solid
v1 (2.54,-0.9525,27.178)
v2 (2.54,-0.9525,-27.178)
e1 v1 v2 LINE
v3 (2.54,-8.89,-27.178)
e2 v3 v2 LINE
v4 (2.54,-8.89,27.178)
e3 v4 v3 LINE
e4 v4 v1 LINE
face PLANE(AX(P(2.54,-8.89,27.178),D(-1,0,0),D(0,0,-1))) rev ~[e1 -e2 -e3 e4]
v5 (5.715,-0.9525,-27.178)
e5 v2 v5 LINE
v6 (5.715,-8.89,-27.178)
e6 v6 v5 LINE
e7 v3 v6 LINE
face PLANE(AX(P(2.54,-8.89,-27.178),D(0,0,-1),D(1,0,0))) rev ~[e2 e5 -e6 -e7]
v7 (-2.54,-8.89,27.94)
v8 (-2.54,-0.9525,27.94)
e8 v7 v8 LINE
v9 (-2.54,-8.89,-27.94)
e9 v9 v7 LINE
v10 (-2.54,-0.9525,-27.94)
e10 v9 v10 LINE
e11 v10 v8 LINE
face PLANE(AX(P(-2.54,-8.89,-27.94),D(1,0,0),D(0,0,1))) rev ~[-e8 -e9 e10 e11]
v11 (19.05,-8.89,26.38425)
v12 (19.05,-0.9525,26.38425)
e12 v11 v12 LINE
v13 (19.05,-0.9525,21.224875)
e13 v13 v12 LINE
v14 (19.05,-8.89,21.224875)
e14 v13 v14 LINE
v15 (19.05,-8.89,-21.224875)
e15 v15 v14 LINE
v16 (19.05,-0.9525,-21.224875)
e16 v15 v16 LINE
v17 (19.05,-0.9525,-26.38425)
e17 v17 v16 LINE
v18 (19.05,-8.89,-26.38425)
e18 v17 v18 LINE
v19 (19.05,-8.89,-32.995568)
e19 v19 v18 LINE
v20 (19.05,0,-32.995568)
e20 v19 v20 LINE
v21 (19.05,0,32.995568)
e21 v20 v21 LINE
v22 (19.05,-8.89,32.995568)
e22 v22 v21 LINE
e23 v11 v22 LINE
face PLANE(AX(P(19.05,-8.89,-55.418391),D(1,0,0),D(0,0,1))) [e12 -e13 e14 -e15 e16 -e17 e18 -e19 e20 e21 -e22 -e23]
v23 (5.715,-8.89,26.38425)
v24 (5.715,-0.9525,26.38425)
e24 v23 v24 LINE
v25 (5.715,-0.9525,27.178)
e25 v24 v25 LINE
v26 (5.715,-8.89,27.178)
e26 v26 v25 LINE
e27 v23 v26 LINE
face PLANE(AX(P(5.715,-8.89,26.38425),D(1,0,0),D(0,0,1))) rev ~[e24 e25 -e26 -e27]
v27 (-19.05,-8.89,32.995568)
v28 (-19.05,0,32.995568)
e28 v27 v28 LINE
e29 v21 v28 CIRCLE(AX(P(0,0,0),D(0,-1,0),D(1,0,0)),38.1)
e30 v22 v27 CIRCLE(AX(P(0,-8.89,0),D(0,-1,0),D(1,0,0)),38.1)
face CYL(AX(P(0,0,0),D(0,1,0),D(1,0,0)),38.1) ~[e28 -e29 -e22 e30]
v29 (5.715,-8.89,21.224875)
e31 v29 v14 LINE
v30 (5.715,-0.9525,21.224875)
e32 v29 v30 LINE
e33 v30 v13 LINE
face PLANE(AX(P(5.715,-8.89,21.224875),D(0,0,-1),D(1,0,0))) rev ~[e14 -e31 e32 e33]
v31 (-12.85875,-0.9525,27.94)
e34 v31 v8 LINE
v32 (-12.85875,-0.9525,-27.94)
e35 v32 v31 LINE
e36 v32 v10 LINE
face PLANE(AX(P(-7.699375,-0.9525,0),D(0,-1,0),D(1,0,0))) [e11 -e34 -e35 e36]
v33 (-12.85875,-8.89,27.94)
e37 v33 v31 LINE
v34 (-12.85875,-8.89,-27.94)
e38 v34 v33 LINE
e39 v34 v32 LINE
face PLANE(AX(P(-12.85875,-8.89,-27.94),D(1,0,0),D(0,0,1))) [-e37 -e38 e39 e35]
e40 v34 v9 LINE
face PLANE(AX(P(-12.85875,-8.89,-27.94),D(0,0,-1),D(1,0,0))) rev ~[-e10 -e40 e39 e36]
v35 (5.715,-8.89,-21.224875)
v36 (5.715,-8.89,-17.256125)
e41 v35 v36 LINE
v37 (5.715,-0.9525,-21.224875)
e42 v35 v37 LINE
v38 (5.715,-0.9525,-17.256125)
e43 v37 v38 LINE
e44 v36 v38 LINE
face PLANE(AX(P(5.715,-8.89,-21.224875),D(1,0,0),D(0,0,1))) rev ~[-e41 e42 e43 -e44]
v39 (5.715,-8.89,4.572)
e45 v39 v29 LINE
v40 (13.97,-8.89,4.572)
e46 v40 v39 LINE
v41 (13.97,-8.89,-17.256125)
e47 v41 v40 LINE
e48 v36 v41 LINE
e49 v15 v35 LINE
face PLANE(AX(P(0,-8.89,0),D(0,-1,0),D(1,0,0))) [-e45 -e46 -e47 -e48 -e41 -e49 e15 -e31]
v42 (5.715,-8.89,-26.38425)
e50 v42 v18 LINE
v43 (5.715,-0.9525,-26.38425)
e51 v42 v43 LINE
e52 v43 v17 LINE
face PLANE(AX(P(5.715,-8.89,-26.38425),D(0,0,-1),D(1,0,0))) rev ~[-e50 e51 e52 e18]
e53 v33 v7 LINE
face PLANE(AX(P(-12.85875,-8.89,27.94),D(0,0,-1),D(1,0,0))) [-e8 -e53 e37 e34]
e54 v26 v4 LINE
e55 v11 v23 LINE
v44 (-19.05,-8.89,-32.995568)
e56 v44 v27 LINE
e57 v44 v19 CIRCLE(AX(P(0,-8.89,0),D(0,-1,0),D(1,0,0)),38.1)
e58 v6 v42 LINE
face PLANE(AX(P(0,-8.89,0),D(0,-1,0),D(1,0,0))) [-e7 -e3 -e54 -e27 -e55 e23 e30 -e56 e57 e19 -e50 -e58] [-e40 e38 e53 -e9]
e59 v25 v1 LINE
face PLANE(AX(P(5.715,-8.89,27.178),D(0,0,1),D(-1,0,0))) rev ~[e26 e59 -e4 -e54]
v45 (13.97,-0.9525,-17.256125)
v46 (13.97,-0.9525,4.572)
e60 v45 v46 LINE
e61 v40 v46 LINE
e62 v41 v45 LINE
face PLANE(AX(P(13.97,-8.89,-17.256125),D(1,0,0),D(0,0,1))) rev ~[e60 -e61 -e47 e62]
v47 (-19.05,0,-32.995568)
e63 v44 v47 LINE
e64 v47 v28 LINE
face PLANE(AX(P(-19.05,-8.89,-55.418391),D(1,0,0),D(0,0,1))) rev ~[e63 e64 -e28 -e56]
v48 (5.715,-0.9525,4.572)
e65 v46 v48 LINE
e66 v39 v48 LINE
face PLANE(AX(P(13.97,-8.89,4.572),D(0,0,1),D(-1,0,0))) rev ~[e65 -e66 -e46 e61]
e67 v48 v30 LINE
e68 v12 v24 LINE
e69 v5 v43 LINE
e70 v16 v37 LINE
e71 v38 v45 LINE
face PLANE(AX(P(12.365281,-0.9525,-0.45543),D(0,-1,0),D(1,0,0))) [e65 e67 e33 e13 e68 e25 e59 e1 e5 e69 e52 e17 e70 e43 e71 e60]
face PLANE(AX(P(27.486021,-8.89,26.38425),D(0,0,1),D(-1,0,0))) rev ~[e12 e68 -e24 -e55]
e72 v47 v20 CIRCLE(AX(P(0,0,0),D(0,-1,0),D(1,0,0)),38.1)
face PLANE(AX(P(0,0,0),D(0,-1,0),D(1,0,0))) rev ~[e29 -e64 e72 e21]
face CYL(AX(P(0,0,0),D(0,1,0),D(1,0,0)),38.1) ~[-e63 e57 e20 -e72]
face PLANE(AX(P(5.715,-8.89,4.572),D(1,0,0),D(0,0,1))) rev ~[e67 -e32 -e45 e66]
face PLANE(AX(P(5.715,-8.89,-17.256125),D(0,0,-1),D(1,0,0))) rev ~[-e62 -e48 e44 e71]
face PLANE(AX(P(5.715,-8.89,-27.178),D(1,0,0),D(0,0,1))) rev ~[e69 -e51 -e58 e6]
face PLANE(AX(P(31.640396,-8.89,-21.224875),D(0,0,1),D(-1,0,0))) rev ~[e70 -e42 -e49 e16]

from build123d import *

# Parameters (mm, degrees)
F0_R     = 38.1
F1_DEPTH = 8.89
F2_W     = 10.31875
F2_H     = 55.88
F3_DEPTH = 7.9375
F5_DEPTH = 7.9375
F6_W     = 39.77474
F6_H     = 108.857153
F7_DEPTH = 25.4


with BuildPart() as f1:
    # F0 (on Front) → F1 (new body)
    with BuildSketch(Plane.XZ):
        Circle(F0_R)
    extrude(amount=F1_DEPTH)

    # F2 (on face) → F3 (cut)
    with BuildSketch(Plane.XZ.offset(8.89)):
        with Locations((-7.699375, 0)):
            Rectangle(F2_W, F2_H)
    extrude(amount=-F3_DEPTH, mode=Mode.SUBTRACT)

    # F4 (on face) → F5 (cut)
    with BuildSketch(Plane.XZ.offset(8.89)):
        with BuildLine():
            Line((5.715, 27.178), (2.54, 27.178))
            Line((2.54, 27.178), (2.54, -27.178))
            Line((2.54, -27.178), (5.715, -27.178))
            Line((5.715, -27.178), (5.715, -26.38425))
            Line((5.715, -26.38425), (12.12081, -26.38425))
            Line((12.12081, -26.38425), (27.486021, -26.38425))
            ThreePointArc((27.486021, -26.38425), (29.675547, -23.895018), (31.640396, -21.224875))
            Line((31.640396, -21.224875), (13.97, -21.224875))
            Line((13.97, -21.224875), (12.12081, -21.224875))
            Line((12.12081, -21.224875), (5.715, -21.224875))
            Line((5.715, -21.224875), (5.715, -17.256125))
            Line((5.715, -17.256125), (13.97, -17.256125))
            Line((13.97, -17.256125), (13.97, 4.572))
            Line((13.97, 4.572), (5.715, 4.572))
            Line((5.715, 4.572), (5.715, 21.224875))
            Line((5.715, 21.224875), (12.12081, 21.224875))
            Line((12.12081, 21.224875), (13.97, 21.224875))
            Line((13.97, 21.224875), (31.640396, 21.224875))
            ThreePointArc((31.640396, 21.224875), (29.675547, 23.895018), (27.486021, 26.38425))
            Line((27.486021, 26.38425), (12.12081, 26.38425))
            Line((12.12081, 26.38425), (5.715, 26.38425))
            Line((5.715, 26.38425), (5.715, 27.178))
        make_face()
    extrude(amount=-F5_DEPTH, mode=Mode.SUBTRACT)

    # F6 (on face) → F7 (cut)
    with BuildSketch(Plane.XZ.offset(8.89)):
        with Locations((38.93737, -0.989815)):
            Rectangle(F6_W, F6_H)
        with Locations((-38.93737, -0.989815)):
            Rectangle(F6_W, F6_H)
    extrude(amount=-F7_DEPTH, mode=Mode.SUBTRACT)


solid = f1.part
